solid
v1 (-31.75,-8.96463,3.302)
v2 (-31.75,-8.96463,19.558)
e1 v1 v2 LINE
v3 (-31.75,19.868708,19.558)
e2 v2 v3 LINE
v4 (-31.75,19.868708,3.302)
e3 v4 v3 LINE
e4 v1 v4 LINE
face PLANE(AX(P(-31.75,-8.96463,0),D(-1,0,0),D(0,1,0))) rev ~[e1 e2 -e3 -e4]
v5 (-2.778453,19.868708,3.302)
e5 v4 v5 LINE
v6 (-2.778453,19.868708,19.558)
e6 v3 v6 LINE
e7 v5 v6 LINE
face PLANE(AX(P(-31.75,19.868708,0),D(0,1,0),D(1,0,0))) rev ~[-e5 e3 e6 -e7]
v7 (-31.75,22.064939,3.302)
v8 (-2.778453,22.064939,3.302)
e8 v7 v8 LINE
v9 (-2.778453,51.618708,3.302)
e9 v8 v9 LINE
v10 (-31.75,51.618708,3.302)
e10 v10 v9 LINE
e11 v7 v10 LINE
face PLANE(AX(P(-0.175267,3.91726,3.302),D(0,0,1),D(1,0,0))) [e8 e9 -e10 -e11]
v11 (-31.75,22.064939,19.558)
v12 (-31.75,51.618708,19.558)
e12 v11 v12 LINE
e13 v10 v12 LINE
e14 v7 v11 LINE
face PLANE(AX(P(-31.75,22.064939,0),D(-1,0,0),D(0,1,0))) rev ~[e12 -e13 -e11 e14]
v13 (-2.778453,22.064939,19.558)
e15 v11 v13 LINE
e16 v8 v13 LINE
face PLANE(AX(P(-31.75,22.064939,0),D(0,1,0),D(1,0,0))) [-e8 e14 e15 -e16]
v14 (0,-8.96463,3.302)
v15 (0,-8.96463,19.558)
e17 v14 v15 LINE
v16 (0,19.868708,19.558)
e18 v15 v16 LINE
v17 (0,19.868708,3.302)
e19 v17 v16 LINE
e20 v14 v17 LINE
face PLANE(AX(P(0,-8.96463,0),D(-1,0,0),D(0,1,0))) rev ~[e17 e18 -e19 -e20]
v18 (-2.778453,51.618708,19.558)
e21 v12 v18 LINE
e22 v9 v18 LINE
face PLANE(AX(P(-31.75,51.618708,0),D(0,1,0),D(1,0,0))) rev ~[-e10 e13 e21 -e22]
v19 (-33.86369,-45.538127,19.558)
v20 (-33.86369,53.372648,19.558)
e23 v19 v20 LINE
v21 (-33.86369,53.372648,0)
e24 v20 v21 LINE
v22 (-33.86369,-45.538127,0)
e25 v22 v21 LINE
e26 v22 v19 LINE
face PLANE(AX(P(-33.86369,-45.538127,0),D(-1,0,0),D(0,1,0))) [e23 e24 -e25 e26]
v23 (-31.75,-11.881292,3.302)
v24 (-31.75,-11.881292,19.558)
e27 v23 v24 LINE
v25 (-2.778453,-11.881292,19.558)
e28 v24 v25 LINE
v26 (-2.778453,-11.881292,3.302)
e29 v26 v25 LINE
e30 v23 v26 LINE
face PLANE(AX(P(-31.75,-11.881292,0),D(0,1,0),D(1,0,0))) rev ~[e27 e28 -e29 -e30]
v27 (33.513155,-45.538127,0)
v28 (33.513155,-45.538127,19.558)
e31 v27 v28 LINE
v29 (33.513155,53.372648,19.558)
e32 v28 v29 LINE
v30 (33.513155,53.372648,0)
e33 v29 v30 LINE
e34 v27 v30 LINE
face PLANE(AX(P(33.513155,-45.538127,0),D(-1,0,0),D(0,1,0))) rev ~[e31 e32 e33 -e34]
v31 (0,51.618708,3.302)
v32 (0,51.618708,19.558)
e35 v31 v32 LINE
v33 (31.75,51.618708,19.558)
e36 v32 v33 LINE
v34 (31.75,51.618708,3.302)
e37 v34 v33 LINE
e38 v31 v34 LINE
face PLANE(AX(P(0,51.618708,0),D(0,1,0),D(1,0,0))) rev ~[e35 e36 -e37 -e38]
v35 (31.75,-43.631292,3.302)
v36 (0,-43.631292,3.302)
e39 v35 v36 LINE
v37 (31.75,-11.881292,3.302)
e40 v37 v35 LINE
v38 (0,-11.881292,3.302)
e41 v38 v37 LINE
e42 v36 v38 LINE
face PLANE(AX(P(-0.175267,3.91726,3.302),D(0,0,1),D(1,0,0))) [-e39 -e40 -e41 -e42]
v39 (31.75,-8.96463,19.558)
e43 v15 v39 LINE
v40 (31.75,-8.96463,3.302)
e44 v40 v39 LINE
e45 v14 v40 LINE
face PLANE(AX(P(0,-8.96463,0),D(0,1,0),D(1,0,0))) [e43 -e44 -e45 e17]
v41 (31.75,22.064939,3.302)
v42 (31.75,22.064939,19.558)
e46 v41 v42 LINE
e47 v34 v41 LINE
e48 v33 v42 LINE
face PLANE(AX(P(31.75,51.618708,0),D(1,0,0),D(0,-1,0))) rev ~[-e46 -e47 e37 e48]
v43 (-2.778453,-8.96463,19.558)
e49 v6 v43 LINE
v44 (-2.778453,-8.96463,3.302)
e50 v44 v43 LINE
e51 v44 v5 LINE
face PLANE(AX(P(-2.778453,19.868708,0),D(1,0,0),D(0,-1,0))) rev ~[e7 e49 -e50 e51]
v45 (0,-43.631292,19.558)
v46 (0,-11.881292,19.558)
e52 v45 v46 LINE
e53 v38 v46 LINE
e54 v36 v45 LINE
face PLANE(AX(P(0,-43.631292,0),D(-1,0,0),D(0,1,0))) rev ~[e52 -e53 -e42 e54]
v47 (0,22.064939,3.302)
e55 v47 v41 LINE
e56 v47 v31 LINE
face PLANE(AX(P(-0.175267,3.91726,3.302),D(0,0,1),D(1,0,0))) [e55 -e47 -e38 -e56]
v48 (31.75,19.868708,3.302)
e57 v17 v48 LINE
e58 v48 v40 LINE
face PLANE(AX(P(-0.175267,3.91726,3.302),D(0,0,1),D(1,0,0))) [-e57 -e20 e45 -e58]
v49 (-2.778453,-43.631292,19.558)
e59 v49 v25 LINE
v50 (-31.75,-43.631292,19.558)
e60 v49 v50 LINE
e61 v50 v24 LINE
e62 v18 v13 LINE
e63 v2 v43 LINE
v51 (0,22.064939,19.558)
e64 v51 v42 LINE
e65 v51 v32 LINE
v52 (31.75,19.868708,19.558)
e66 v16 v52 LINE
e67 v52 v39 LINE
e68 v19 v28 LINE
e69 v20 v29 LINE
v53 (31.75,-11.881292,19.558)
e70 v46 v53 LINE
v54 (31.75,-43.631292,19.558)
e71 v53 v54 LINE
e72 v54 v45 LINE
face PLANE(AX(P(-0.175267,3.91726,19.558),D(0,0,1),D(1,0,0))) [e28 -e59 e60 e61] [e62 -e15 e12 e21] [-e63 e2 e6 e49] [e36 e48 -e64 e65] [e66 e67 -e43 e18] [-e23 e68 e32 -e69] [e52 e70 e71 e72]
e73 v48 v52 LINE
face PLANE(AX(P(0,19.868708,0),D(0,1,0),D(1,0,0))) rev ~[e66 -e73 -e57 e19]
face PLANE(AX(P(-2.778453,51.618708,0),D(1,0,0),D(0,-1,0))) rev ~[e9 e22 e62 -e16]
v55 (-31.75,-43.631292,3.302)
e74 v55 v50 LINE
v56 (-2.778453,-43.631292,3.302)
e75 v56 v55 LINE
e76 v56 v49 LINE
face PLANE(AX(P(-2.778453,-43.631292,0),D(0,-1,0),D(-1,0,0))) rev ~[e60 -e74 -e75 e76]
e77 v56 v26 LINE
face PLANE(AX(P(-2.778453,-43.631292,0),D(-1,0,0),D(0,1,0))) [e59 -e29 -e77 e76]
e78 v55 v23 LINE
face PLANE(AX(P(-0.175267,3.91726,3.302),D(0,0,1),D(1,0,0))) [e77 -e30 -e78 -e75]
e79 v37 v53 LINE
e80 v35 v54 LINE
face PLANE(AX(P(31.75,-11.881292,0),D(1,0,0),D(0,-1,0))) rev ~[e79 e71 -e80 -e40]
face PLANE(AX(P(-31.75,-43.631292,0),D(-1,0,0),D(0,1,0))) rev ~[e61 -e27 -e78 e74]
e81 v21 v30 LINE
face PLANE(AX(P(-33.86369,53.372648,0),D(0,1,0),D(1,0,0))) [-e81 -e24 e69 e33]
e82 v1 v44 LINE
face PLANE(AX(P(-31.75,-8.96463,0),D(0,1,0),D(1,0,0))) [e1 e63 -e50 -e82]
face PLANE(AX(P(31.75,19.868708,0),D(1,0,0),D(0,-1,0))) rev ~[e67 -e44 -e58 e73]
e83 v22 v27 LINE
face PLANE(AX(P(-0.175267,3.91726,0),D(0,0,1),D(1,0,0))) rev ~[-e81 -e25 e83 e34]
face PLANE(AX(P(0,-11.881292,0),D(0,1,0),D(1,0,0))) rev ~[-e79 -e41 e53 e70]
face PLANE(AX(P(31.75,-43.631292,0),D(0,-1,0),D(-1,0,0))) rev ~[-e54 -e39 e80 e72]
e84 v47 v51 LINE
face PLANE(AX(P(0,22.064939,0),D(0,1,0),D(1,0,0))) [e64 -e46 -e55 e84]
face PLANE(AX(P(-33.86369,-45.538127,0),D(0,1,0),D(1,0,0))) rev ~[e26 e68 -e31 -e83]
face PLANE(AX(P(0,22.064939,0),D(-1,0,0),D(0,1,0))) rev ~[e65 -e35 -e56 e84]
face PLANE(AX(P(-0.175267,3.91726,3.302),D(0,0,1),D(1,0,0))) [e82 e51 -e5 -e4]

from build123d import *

# Parameters (mm, degrees)
F0_W     = 67.3768445849
F0_H     = 98.9107750356
F0_W_2   = 2.7784528211
F0_H_2   = 29.5537686782
F0_H_3   = 2.1962313218
F0_H_4   = 28.8333376633
F0_W_3   = 28.9715471789
F0_W_4   = 31.75
F0_H_5   = 2.9166623367
F0_H_6   = 31.75
F1_DEPTH = 19.558
F2_DEPTH = 3.302


with BuildPart() as f1:
    # F0 (on Top) → F1 (new body)
    with BuildSketch(Plane.XY):
        with Locations((-0.175267458, 3.9172600955)):
            Rectangle(F0_W, F0_H)
        Polygon((-31.75, 22.0649391413), (-31.75, 51.6187078194), (-2.7784528211, 51.6187078194), (0, 51.6187078194), (31.75, 51.6187078194), (31.75, 22.0649391413), (31.75, 19.8687078194), (31.75, -8.9646298438), (31.75, -11.8812921806), (31.75, -43.6312921806), (0, -43.6312921806), (-2.7784528211, -43.6312921806), (-31.75, -43.6312921806), (-31.75, -11.8812921806), (-31.75, -8.9646298438), (-31.75, 19.8687078194), align=None, mode=Mode.SUBTRACT)
        with Locations((-1.3892264105, 36.8418234804)):
            Rectangle(F0_W_2, F0_H_2)
        with Locations((-1.3892264105, 20.9668234804)):
            Rectangle(F0_W_2, F0_H_3)
        with Locations((-1.3892264105, 5.4520389878)):
            Rectangle(F0_W_2, F0_H_4)
        with Locations((-17.2642264105, 20.9668234804)):
            Rectangle(F0_W_3, F0_H_3)
        with Locations((15.875, 20.9668234804)):
            Rectangle(F0_W_4, F0_H_3)
        with Locations((-17.2642264105, -10.4229610122)):
            Rectangle(F0_W_3, F0_H_5)
        with Locations((-1.3892264105, -10.4229610122)):
            Rectangle(F0_W_2, F0_H_5)
        with Locations((-1.3892264105, -27.7562921806)):
            Rectangle(F0_W_2, F0_H_6)
        with Locations((15.875, -10.4229610122)):
            Rectangle(F0_W_4, F0_H_5)
    extrude(amount=F1_DEPTH)

    # F0 (on Top) → F2 (join)
    with BuildSketch(Plane.XY):
        with Locations((-0.175267458, 3.9172600955)):
            Rectangle(F0_W, F0_H)
        Polygon((-31.75, 22.0649391413), (-31.75, 51.6187078194), (-2.7784528211, 51.6187078194), (0, 51.6187078194), (31.75, 51.6187078194), (31.75, 22.0649391413), (31.75, 19.8687078194), (31.75, -8.9646298438), (31.75, -11.8812921806), (31.75, -43.6312921806), (0, -43.6312921806), (-2.7784528211, -43.6312921806), (-31.75, -43.6312921806), (-31.75, -11.8812921806), (-31.75, -8.9646298438), (-31.75, 19.8687078194), align=None, mode=Mode.SUBTRACT)
        with Locations((15.875, 36.8418234804)):
            Rectangle(F0_W_4, F0_H_2)
        with Locations((15.875, 5.4520389878)):
            Rectangle(F0_W_4, F0_H_4)
        with Locations((-17.2642264105, 36.8418234804)):
            Rectangle(F0_W_3, F0_H_2)
        with Locations((-17.2642264105, 5.4520389878)):
            Rectangle(F0_W_3, F0_H_4)
        with Locations((-17.2642264105, -27.7562921806)):
            Rectangle(F0_W_3, F0_H_6)
        with Locations((15.875, -27.7562921806)):
            Rectangle(F0_W_4, F0_H_6)
    extrude(amount=F2_DEPTH)


solid = f1.part
